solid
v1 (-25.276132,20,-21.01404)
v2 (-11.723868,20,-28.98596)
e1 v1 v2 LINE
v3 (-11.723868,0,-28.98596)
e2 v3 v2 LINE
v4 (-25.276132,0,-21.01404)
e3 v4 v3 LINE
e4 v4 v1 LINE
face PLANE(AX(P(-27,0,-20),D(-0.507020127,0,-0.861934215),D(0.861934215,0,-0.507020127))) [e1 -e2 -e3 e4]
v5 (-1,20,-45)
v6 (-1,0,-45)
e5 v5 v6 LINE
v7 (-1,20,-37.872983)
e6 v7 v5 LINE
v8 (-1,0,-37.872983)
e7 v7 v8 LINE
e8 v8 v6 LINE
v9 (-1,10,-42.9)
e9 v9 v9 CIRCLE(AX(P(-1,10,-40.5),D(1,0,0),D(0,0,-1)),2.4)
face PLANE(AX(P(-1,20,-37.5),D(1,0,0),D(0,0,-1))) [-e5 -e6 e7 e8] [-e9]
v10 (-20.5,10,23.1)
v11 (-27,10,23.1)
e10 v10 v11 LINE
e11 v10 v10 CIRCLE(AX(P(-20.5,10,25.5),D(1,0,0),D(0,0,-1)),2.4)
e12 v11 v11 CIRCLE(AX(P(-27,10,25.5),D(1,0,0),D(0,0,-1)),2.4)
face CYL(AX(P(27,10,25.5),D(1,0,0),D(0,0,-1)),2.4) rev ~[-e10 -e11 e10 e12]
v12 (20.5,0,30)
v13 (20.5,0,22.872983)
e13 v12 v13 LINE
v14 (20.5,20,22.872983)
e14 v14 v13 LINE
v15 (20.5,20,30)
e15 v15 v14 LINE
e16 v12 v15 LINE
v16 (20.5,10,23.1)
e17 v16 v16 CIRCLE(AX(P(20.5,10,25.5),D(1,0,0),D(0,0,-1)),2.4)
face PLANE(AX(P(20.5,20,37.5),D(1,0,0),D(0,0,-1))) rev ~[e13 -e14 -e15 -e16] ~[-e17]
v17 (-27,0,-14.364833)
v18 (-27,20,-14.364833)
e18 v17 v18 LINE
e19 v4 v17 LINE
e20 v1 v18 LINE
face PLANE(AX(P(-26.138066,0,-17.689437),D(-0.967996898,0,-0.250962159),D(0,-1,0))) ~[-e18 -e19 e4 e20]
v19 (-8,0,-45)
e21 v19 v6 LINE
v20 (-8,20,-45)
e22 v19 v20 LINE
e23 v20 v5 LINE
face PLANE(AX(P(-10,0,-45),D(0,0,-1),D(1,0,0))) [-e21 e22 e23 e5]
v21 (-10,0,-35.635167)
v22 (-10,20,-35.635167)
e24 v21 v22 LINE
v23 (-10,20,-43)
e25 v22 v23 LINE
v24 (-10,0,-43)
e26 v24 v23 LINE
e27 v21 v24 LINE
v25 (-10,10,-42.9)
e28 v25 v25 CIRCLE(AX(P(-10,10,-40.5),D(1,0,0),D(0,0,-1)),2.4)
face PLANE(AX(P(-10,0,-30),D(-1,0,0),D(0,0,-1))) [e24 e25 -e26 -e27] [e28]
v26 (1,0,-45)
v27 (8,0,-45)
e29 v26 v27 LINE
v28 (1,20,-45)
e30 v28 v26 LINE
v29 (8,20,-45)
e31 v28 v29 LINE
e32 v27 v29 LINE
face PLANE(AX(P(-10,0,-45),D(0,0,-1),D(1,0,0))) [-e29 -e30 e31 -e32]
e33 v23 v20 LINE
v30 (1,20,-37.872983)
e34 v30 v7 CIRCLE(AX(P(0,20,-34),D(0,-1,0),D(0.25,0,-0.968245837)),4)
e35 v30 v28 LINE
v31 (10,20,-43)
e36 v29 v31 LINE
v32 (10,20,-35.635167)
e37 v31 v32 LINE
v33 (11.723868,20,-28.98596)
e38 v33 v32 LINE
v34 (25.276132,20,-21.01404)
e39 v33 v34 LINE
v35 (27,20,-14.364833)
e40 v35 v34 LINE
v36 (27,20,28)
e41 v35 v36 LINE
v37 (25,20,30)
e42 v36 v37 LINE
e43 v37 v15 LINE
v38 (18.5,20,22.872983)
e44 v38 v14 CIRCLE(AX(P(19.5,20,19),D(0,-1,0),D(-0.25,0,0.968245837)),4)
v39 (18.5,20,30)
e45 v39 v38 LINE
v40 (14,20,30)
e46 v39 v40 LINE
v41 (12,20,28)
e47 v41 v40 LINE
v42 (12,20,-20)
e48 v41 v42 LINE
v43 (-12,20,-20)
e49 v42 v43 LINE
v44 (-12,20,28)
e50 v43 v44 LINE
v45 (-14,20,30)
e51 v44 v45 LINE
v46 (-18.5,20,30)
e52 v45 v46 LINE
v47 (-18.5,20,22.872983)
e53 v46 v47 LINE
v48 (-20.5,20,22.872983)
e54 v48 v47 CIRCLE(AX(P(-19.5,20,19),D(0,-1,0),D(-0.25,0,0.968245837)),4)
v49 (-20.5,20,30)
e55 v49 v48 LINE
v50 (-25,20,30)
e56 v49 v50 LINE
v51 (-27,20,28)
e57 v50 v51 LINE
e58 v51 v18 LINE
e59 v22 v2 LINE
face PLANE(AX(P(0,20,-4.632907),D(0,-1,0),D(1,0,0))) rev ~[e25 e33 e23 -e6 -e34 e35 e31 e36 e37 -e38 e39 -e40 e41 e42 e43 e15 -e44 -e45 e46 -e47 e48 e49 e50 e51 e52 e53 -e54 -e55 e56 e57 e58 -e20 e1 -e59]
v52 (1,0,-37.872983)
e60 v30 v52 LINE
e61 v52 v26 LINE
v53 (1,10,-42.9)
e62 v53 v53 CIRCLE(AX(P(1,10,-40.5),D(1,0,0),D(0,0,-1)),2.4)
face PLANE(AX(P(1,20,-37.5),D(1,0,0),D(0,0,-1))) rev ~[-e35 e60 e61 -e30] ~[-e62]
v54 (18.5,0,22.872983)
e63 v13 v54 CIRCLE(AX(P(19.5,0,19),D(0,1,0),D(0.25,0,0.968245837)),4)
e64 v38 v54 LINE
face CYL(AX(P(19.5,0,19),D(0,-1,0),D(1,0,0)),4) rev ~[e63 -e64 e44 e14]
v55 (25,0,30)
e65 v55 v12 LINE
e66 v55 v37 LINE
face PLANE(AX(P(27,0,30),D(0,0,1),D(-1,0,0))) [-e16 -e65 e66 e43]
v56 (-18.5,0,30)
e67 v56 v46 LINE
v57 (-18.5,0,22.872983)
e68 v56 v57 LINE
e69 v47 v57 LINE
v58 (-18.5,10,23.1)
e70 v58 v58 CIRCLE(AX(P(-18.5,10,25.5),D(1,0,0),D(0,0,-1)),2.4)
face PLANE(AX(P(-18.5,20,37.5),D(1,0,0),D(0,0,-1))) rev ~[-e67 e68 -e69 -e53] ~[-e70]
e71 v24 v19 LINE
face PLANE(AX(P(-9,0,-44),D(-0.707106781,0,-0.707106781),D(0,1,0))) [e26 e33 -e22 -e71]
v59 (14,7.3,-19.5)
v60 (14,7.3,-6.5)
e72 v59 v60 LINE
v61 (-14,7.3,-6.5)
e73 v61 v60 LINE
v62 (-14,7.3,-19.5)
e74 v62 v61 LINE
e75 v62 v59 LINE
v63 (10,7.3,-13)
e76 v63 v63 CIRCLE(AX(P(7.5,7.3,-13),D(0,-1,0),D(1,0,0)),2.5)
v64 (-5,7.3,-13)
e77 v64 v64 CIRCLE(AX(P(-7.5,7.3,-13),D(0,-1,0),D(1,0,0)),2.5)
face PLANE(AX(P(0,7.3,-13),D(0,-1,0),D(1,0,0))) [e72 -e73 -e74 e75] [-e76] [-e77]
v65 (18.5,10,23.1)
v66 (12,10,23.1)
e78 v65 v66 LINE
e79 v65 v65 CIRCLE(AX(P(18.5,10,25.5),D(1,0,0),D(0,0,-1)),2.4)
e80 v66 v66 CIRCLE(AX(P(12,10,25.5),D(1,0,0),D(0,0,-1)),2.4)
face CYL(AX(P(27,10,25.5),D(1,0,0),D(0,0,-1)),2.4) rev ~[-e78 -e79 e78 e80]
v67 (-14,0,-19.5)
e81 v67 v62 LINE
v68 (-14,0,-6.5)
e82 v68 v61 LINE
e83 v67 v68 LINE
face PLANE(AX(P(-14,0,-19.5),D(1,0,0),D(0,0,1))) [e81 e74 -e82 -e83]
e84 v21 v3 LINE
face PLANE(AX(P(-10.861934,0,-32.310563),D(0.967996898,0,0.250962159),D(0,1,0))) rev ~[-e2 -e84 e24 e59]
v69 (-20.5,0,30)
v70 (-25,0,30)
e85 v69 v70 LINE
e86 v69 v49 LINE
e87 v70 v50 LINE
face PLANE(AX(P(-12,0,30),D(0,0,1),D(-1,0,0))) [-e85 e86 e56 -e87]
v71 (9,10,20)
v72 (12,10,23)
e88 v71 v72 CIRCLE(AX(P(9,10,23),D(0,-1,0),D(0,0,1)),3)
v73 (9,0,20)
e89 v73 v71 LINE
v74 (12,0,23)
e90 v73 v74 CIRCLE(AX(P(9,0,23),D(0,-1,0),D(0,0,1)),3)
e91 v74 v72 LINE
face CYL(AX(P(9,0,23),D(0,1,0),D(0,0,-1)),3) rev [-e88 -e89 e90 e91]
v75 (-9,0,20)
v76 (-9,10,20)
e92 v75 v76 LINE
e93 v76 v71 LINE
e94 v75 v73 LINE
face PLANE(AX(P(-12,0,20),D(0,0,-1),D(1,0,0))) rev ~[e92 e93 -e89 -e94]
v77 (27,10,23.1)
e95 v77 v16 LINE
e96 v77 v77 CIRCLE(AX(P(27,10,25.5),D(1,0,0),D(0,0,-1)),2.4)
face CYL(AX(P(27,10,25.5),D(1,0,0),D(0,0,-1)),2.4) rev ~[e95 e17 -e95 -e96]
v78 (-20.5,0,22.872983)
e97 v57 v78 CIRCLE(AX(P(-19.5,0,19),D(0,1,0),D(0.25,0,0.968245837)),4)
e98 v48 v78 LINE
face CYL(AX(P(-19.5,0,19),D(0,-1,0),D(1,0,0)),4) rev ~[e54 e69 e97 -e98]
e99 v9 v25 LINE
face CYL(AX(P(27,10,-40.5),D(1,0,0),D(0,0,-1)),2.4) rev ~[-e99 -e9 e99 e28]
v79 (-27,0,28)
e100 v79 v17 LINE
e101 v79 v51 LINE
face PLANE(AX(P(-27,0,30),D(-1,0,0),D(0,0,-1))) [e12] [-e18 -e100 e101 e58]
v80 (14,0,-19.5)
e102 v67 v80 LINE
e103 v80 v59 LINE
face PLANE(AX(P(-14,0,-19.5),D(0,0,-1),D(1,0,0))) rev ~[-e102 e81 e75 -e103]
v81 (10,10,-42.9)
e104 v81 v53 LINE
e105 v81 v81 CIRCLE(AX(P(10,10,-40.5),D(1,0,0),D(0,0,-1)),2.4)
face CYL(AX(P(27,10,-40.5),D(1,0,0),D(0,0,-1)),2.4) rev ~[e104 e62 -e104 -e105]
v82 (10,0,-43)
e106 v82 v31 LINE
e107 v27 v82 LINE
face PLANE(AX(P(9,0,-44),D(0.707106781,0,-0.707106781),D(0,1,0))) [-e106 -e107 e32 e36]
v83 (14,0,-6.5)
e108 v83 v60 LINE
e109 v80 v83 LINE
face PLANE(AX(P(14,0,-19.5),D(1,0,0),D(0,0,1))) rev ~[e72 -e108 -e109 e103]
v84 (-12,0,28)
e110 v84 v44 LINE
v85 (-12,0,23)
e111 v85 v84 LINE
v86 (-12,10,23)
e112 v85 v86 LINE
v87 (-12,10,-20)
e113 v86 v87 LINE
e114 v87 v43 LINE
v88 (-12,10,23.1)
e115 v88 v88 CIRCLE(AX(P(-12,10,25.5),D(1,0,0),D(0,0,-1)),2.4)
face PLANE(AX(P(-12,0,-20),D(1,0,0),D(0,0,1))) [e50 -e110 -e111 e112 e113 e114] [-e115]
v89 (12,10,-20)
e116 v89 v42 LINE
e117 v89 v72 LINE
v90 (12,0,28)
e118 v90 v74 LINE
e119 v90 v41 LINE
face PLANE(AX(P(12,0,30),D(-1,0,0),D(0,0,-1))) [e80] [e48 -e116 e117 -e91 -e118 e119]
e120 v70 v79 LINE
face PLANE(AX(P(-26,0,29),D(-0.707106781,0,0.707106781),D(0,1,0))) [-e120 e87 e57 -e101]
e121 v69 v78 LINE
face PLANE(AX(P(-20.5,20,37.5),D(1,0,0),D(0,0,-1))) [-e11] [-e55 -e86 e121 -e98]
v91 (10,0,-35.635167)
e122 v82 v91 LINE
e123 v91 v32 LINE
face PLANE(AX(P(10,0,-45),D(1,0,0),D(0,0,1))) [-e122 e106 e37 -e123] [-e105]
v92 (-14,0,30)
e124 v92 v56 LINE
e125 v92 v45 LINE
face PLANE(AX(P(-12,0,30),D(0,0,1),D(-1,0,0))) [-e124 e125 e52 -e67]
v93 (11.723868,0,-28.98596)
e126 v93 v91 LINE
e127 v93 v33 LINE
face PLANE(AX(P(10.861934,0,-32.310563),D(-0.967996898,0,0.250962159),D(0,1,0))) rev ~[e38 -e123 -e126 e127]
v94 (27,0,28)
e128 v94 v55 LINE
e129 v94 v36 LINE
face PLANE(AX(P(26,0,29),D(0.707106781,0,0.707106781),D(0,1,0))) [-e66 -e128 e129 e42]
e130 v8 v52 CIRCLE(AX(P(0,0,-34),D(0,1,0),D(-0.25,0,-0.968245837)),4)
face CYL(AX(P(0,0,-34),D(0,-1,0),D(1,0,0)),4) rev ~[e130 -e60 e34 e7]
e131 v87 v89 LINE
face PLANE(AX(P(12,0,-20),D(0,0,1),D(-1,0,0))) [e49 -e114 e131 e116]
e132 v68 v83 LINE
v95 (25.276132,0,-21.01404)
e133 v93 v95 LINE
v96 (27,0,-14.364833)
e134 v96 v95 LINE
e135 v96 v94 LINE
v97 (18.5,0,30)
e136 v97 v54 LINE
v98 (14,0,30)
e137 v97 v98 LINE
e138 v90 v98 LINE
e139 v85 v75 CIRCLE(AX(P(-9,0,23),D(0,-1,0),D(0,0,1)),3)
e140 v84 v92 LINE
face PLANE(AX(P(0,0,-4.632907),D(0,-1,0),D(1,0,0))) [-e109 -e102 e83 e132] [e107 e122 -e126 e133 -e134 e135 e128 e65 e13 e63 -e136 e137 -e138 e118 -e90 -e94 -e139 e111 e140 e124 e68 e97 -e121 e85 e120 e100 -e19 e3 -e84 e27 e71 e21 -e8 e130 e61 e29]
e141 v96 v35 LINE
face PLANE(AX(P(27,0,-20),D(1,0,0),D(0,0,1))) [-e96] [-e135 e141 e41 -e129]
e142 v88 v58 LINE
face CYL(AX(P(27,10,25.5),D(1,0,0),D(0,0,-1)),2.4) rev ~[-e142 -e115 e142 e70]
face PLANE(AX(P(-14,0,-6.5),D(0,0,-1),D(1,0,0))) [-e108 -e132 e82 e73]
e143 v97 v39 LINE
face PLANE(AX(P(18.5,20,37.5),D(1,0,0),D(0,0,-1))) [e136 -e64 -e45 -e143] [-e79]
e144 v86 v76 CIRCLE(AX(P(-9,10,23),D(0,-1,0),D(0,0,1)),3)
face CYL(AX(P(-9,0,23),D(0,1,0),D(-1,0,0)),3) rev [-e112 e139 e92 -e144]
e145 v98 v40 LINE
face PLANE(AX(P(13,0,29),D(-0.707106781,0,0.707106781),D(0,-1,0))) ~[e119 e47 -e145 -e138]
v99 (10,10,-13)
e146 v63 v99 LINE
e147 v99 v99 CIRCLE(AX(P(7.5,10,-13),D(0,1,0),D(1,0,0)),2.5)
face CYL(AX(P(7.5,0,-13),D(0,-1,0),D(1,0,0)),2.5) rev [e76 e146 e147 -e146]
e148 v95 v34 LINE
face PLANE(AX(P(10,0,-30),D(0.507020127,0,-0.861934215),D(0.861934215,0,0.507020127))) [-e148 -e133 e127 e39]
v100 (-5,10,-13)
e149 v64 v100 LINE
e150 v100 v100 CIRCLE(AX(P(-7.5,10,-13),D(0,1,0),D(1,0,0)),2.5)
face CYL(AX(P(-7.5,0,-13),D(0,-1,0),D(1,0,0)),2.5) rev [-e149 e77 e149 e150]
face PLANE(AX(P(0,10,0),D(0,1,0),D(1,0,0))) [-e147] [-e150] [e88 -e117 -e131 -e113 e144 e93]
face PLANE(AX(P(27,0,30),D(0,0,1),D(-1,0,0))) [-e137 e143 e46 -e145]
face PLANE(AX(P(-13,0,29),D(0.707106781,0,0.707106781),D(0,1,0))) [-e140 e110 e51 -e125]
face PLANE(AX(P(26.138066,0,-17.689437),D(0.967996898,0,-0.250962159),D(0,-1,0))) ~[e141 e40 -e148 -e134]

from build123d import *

# Parameters (mm, degrees)
SKETCH1_W             = 24
SKETCH1_H             = 40
SKETCH1_R             = 2.5
BOSS_EXTRUDE1_DEPTH   = 10
SKETCH2_R             = 4
BOSS_EXTRUDE2_DEPTH   = 20
SKETCH4_W             = 2
SKETCH4_H             = 15
CUT_EXTRUDE1_DEPTH    = 20
SKETCH5_R             = 2.4
CUT_EXTRUDE2_DEPTH    = 56
CHAMFER2_SIZE         = 2
CHAMFER3_SIZE2        = 2
CHAMFER3_SIZE         = 5.63516655
CHAMFER3_EDGE_2_SIZE2 = 5.63516655
CHAMFER3_EDGE_2_SIZE  = 2
CHAMFER3_EDGE_3_SIZE2 = 2
CHAMFER3_EDGE_3_SIZE  = 5.63516655
CHAMFER3_EDGE_4_SIZE2 = 5.63516655
CHAMFER3_EDGE_4_SIZE  = 2
FILLET2_R             = 3
SKETCH6_W             = 28
SKETCH6_H             = 13
CUT_EXTRUDE3_DEPTH    = 7.3


with BuildPart() as part:
    # Sketch1 → Boss-Extrude1 (new body)
    with BuildSketch(Plane(origin=(0, 0, 0), x_dir=(1, 0, 0), z_dir=(0, 1, 0))):
        Rectangle(SKETCH1_W, SKETCH1_H)
        with Locations((7.5, 13)):
            Circle(SKETCH1_R, mode=Mode.SUBTRACT)
        with Locations((-7.5, 13)):
            Circle(SKETCH1_R, mode=Mode.SUBTRACT)
    extrude(amount=BOSS_EXTRUDE1_DEPTH)

    # Sketch2 → Boss-Extrude2 (add)
    with BuildSketch(Plane.XZ):
        Polygon((-12, -20), (-12, 30), (-27, 30), (-27, -20), (-10, -30), (-10, -45), (10, -45), (10, -30), (27, -20), (27, 30), (12, 30), (12, -20), align=None)
        with Locations((0, -34)):
            Circle(SKETCH2_R, mode=Mode.SUBTRACT)
        with Locations((-19.5, 19)):
            Circle(SKETCH2_R, mode=Mode.SUBTRACT)
        with Locations((19.5, 19)):
            Circle(SKETCH2_R, mode=Mode.SUBTRACT)
    extrude(amount=-BOSS_EXTRUDE2_DEPTH)

    # Sketch4 → Cut-Extrude1 (cut)
    with BuildSketch(Plane(origin=(0, 20, 0), x_dir=(1, 0, 0), z_dir=(0, 1, 0))):
        with Locations((19.5, -30)):
            Rectangle(SKETCH4_W, SKETCH4_H)
        with Locations((-19.5, -30)):
            Rectangle(SKETCH4_W, SKETCH4_H)
        with Locations((0, 45)):
            Rectangle(SKETCH4_W, SKETCH4_H)
    extrude(amount=-CUT_EXTRUDE1_DEPTH, mode=Mode.SUBTRACT)

    # Sketch5 → Cut-Extrude2 (cut)
    with BuildSketch(Plane(origin=(27, 0, 0), x_dir=(0, 0, -1), z_dir=(1, 0, 0))):
        with Locations((-25.5, 10)):
            Circle(SKETCH5_R)
        with Locations((40.5, 10)):
            Circle(SKETCH5_R)
    extrude(amount=-CUT_EXTRUDE2_DEPTH, mode=Mode.SUBTRACT)

    # Chamfer2
    chamfer2_edges = [part.edges().sort_by_distance(p)[0] for p in [
        (12, 10, 30),
        (27, 10, 30),
        (10, 10, -45),
        (-10, 10, -45),
        (-27, 10, 30),
        (-12, 10, 30),
    ]]
    chamfer(chamfer2_edges, length=CHAMFER2_SIZE)

    # Chamfer3
    chamfer3_edges = [part.edges().sort_by_distance(p)[0] for p in [
        (27, 10, -20),
    ]]
    chamfer(chamfer3_edges, length=CHAMFER3_SIZE, length2=CHAMFER3_SIZE2)

    # Chamfer3 edge 2
    chamfer3_edge_2_edges = [part.edges().sort_by_distance(p)[0] for p in [
        (10, 10, -30),
    ]]
    chamfer(chamfer3_edge_2_edges, length=CHAMFER3_EDGE_2_SIZE, length2=CHAMFER3_EDGE_2_SIZE2)

    # Chamfer3 edge 3
    chamfer3_edge_3_edges = [part.edges().sort_by_distance(p)[0] for p in [
        (-10, 10, -30),
    ]]
    chamfer(chamfer3_edge_3_edges, length=CHAMFER3_EDGE_3_SIZE, length2=CHAMFER3_EDGE_3_SIZE2)

    # Chamfer3 edge 4
    chamfer3_edge_4_edges = [part.edges().sort_by_distance(p)[0] for p in [
        (-27, 10, -20),
    ]]
    chamfer(chamfer3_edge_4_edges, length=CHAMFER3_EDGE_4_SIZE, length2=CHAMFER3_EDGE_4_SIZE2)

    # Fillet2
    fillet2_edges = [part.edges().sort_by_distance(p)[0] for p in [
        (12, 5, 20),
        (-12, 5, 20),
    ]]
    fillet(fillet2_edges, radius=FILLET2_R)

    # Sketch6 → Cut-Extrude3 (cut)
    with BuildSketch(Plane.XZ):
        with Locations((0, -13)):
            Rectangle(SKETCH6_W, SKETCH6_H)
    extrude(amount=-CUT_EXTRUDE3_DEPTH, mode=Mode.SUBTRACT)


solid = part.part
